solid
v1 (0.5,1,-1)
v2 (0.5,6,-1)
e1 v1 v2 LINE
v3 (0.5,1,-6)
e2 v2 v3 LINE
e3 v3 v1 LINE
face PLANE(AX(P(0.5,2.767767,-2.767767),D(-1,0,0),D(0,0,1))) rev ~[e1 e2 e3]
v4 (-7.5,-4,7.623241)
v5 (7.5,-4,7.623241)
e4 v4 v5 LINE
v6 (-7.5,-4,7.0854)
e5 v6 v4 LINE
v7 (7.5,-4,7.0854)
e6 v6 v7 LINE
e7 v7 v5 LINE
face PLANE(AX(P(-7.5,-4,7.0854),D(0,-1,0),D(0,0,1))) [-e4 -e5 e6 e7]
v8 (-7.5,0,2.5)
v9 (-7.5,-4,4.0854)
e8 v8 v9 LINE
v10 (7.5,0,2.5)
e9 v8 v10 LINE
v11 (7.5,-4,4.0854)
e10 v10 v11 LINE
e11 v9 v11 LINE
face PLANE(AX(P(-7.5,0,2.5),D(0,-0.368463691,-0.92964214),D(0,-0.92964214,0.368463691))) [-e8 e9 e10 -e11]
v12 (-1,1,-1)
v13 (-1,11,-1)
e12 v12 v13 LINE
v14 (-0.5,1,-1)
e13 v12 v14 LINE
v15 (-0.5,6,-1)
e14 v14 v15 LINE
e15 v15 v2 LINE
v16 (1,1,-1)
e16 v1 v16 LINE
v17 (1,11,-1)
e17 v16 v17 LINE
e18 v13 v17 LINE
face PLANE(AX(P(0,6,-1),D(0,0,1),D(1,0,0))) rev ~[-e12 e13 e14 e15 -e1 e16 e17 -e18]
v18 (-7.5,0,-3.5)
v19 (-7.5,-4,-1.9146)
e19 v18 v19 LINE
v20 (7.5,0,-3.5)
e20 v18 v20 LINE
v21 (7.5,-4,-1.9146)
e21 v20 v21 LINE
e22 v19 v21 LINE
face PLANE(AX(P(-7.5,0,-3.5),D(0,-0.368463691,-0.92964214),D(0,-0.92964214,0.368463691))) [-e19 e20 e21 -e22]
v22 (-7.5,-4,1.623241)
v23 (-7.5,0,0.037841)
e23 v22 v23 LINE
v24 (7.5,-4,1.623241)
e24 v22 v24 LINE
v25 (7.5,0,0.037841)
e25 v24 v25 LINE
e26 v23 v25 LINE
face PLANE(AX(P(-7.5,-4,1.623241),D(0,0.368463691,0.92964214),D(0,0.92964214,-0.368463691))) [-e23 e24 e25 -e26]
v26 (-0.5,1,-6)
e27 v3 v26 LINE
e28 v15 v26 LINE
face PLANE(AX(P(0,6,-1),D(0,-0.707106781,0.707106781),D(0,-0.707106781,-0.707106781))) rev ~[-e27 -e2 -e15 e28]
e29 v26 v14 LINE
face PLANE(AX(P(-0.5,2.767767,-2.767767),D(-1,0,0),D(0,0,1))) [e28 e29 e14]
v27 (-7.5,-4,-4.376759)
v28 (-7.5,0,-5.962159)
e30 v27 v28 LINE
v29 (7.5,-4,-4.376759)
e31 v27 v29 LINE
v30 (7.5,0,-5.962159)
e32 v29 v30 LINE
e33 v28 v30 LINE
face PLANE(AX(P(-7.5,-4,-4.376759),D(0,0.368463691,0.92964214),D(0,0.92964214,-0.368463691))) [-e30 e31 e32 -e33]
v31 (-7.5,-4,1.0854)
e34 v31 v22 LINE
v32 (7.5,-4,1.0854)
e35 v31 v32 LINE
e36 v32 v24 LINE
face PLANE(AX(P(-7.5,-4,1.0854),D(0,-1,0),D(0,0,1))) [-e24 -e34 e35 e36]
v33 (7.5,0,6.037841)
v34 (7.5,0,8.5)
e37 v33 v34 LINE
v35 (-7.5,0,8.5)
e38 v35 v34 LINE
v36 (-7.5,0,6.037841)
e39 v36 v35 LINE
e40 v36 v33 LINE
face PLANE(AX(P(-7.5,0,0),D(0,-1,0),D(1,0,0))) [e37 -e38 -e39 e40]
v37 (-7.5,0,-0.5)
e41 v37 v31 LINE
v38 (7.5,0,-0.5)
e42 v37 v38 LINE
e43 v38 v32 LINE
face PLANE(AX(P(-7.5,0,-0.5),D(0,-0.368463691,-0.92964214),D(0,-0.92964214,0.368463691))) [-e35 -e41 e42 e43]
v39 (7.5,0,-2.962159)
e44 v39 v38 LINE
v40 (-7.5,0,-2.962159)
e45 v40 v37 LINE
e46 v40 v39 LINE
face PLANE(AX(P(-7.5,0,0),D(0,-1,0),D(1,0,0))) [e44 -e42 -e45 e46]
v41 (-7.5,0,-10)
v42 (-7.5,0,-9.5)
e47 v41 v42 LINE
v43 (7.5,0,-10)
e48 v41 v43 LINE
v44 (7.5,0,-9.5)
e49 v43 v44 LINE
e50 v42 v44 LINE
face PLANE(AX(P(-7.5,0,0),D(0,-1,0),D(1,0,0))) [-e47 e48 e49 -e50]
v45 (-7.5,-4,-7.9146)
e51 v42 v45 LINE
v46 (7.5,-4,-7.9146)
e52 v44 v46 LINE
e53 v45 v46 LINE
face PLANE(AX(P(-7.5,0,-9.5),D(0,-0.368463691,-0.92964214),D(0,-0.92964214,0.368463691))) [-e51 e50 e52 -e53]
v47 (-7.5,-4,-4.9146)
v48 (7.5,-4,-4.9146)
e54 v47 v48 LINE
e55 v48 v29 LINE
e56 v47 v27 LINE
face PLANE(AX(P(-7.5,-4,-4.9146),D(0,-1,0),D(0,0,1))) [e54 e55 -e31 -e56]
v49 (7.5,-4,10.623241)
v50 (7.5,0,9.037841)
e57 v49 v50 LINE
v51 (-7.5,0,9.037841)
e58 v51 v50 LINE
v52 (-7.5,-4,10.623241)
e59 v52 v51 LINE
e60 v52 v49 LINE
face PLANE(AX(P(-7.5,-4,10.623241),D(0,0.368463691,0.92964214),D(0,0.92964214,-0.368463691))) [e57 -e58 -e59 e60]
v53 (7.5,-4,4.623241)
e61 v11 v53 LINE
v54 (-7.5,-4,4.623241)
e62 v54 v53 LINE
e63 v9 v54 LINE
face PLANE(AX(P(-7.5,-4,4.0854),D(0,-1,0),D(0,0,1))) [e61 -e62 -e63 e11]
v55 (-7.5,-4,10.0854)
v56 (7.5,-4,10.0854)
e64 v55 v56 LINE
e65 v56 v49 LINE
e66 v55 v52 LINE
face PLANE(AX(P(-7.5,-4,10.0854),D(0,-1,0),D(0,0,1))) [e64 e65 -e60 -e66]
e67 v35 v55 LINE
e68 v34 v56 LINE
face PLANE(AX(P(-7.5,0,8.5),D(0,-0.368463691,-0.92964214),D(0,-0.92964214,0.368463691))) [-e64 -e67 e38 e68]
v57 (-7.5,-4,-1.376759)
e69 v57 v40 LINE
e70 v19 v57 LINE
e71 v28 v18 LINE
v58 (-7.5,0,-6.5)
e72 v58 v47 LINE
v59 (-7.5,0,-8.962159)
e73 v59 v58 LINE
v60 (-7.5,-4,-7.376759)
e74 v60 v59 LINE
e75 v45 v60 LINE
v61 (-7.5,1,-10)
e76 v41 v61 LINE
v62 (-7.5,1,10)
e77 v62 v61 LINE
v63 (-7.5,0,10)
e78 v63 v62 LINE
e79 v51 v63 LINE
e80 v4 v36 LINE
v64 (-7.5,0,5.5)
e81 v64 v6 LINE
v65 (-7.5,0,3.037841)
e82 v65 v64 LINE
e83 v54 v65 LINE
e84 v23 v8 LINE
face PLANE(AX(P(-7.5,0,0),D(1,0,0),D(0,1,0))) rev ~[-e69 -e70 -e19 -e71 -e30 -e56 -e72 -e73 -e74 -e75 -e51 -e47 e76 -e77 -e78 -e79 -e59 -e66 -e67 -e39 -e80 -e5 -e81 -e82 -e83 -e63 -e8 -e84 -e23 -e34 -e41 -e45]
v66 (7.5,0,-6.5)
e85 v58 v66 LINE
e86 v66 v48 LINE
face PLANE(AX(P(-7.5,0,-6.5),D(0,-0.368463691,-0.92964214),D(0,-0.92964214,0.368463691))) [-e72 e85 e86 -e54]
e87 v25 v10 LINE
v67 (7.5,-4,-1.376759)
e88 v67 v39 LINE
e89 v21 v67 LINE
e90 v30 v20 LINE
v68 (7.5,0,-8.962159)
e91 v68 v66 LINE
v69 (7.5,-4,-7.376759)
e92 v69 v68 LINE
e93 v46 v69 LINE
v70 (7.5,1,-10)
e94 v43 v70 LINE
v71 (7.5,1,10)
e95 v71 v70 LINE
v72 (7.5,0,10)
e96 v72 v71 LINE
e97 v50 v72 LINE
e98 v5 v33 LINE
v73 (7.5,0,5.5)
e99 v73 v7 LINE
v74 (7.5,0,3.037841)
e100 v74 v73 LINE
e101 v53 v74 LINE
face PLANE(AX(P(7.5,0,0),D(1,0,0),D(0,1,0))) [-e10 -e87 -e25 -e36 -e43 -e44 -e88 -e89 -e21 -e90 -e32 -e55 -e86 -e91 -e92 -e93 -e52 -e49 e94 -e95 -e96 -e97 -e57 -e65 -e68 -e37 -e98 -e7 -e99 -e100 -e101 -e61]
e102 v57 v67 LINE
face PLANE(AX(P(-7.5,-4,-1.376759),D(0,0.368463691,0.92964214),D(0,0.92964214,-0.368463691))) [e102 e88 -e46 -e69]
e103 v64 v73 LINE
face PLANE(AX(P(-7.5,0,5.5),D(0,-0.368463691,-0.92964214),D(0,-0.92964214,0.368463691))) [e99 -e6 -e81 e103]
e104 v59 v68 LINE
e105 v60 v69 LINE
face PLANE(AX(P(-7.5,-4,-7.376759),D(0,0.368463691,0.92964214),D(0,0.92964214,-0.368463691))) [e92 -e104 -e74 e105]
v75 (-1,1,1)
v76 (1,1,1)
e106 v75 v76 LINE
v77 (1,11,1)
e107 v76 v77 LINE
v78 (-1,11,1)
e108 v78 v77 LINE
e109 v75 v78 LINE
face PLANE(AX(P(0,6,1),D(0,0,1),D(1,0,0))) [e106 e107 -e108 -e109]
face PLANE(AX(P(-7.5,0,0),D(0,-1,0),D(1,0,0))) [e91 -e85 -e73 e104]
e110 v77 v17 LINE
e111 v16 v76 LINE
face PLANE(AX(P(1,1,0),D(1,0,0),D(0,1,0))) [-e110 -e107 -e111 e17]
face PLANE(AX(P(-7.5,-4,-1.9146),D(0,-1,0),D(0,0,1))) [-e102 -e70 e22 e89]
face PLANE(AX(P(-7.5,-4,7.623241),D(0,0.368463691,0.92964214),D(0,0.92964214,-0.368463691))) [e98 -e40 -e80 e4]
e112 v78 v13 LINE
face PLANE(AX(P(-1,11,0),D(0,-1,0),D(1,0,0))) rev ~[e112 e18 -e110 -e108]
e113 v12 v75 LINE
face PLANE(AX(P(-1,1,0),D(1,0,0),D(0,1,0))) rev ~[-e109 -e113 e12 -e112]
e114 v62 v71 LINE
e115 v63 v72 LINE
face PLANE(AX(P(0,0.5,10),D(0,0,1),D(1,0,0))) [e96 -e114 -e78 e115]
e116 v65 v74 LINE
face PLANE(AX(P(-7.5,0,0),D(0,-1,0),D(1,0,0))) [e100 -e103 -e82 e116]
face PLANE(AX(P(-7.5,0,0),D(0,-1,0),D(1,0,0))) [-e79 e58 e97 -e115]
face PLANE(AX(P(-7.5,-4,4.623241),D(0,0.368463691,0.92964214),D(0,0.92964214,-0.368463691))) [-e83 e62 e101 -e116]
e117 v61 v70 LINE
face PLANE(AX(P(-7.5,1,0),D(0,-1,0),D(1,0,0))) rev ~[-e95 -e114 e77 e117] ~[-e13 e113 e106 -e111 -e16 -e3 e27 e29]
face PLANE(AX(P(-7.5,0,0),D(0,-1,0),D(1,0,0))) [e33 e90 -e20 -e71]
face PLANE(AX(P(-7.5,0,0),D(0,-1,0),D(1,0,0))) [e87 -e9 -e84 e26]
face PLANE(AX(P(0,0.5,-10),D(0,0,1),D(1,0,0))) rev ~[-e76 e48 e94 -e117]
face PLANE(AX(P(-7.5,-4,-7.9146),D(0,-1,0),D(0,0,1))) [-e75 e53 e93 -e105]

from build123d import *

# Parameters (mm, degrees)
ESQUISSE1_W                = 15
ESQUISSE1_H                = 1
BOSS_EXTRU_1_DEPTH         = 10
BOSS_EXTRU_1_DEPTH_BACK    = 10
ESQUISSE2_W                = 2
ESQUISSE2_H                = 10
BOSS_EXTRU_2_DEPTH         = 1
BOSS_EXTRU_2_DEPTH_BACK    = 1
BOSS_EXTRU_3_DEPTH         = 0.5
BOSS_EXTRU_3_DEPTH_BACK    = 0.5
BOSS_EXTRU_4_DEPTH         = 15
R_P_TITION_LIN_AIRE1_COUNT = 7
R_P_TITION_LIN_AIRE1_PITCH = 3


with BuildPart() as part:
    # Esquisse1 → Boss.-Extru.1 (new body, two sides)
    with BuildSketch(Plane.XY) as boss_extru_1_sk:
        with Locations((0, 0.5)):
            Rectangle(ESQUISSE1_W, ESQUISSE1_H)
    extrude(amount=BOSS_EXTRU_1_DEPTH)
    extrude(boss_extru_1_sk.sketch, amount=-BOSS_EXTRU_1_DEPTH_BACK)

    # Esquisse2 → Boss.-Extru.2 (add, two sides)
    with BuildSketch(Plane.XY) as boss_extru_2_sk:
        with Locations((0, 6)):
            Rectangle(ESQUISSE2_W, ESQUISSE2_H)
    extrude(amount=BOSS_EXTRU_2_DEPTH)
    extrude(boss_extru_2_sk.sketch, amount=-BOSS_EXTRU_2_DEPTH_BACK)

    # Esquisse3 → Boss.-Extru.3 (add, two sides)
    with BuildSketch(Plane(origin=(0, 0, 0), x_dir=(0, 0, -1), z_dir=(1, 0, 0))) as boss_extru_3_sk:
        Polygon((1, 6), (6, 1), (1, 1), align=None)
    extrude(amount=BOSS_EXTRU_3_DEPTH)
    extrude(boss_extru_3_sk.sketch, amount=-BOSS_EXTRU_3_DEPTH_BACK)

    # Esquisse4 → Boss.-Extru.4 (add)
    with BuildSketch(Plane.ZY.offset(7.5)):
        Polygon((-9.5, 0), (-7.914599878, -4), (-7.37675851, -4), (-8.962158632, 0), align=None)
    boss_extru_4 = extrude(amount=-BOSS_EXTRU_4_DEPTH)

    # R_p_tition lin_aire1: Boss.-Extru.4 ×7
    with Locations(*[(0, 0, i * R_P_TITION_LIN_AIRE1_PITCH) for i in range(1, R_P_TITION_LIN_AIRE1_COUNT)]):
        add(boss_extru_4)


solid = part.part
